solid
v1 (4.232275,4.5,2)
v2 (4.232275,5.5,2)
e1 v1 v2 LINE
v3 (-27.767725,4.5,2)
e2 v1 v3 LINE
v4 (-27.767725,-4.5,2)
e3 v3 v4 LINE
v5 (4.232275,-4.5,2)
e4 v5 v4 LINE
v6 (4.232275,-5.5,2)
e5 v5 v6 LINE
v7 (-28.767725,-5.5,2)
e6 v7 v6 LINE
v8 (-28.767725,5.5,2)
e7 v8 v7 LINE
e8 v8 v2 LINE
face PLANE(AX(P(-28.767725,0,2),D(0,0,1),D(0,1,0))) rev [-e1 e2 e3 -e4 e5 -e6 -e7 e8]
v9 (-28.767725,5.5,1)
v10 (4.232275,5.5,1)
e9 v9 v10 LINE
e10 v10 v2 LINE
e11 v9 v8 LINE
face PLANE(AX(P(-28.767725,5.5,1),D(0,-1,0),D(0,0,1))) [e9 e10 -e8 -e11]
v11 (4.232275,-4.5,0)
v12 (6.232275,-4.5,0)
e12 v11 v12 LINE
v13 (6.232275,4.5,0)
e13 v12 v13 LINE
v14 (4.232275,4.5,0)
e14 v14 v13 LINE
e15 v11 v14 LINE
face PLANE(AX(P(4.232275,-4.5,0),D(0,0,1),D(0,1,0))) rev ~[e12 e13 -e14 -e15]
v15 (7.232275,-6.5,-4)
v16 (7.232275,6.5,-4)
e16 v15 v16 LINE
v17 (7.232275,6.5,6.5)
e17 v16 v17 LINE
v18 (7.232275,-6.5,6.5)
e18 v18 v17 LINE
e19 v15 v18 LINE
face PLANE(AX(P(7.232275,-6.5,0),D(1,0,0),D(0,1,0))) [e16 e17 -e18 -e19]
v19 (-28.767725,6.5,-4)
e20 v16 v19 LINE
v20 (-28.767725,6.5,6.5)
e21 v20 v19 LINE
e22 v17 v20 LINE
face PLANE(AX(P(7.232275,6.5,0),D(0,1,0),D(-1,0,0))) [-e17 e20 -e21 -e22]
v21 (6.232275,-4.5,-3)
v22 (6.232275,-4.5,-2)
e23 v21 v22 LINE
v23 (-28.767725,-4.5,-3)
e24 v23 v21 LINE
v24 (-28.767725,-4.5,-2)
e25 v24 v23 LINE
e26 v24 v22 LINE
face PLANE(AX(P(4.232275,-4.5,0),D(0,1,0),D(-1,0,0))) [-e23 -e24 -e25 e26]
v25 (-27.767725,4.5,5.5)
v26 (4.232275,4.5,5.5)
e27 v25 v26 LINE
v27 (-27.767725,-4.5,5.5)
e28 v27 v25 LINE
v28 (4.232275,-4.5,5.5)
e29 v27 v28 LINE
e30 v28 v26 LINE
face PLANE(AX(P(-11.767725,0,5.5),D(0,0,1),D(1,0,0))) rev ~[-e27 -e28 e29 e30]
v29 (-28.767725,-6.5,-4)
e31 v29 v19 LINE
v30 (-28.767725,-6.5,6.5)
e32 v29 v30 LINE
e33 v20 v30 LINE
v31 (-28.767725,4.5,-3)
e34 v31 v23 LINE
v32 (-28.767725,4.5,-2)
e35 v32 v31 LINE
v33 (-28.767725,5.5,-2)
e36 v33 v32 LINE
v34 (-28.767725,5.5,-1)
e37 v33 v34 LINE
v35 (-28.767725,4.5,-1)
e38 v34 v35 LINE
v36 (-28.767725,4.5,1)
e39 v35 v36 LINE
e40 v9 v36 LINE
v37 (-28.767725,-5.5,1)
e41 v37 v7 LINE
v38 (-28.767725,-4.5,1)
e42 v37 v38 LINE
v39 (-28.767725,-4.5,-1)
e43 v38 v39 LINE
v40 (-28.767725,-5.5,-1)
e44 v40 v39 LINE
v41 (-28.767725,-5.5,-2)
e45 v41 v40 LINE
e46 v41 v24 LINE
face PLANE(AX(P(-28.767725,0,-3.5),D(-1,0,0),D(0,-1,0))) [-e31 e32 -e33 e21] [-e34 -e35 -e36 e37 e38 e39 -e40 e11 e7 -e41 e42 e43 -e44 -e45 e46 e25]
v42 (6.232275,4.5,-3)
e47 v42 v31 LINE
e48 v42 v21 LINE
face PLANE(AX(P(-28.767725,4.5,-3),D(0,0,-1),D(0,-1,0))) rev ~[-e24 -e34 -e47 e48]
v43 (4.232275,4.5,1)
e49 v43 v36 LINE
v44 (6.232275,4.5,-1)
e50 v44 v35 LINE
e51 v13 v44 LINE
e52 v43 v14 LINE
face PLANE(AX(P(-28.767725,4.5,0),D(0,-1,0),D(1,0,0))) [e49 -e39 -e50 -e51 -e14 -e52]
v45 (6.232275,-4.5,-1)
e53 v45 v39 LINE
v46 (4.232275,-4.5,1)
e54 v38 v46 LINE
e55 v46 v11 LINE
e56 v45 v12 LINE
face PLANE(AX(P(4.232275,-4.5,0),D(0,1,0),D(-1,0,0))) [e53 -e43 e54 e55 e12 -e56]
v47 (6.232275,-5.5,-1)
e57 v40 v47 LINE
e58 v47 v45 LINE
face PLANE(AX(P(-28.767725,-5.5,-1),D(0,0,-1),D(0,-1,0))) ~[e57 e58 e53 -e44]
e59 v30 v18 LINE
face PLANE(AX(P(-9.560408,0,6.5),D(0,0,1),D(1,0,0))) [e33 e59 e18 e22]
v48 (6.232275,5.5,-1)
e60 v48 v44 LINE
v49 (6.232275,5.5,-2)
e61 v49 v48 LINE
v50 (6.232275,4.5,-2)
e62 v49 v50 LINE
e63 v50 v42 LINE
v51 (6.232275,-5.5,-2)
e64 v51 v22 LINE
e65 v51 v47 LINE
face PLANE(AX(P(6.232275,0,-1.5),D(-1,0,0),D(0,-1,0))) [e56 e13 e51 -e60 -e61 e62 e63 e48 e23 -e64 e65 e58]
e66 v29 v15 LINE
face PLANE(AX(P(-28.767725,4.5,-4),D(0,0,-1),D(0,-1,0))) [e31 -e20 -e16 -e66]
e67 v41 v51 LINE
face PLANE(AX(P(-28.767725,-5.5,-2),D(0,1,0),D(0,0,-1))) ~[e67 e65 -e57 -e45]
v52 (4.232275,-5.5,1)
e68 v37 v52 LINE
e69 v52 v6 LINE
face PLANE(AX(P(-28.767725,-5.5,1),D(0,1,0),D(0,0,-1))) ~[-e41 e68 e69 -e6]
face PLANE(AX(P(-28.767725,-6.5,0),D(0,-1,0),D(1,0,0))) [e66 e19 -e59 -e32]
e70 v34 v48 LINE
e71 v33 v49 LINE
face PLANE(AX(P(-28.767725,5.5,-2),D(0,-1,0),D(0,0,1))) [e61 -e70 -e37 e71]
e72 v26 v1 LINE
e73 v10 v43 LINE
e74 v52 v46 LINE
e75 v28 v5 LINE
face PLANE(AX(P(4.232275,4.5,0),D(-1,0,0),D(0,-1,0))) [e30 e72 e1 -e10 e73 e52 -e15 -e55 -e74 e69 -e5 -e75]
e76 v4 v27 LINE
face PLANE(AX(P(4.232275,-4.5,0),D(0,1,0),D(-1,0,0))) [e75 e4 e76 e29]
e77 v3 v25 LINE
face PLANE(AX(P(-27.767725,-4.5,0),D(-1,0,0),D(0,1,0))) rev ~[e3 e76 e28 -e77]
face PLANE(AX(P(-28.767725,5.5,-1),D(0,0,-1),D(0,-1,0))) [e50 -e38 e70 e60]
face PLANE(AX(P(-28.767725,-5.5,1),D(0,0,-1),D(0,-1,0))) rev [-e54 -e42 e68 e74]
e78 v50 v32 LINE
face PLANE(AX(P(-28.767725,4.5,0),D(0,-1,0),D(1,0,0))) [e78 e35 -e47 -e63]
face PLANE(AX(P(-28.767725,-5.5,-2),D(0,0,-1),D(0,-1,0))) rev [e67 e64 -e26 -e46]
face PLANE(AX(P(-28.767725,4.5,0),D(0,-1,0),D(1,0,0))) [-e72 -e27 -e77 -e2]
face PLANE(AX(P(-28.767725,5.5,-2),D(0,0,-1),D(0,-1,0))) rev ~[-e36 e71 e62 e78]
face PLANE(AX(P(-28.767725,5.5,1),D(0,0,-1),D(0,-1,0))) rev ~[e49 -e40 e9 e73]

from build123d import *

# Parameters (mm, degrees)
F0_W      = 32
F0_H      = 9
F0_W_2    = 1
F1_DEPTH  = 6.5
F2_DEPTH  = 5.5
F3_DEPTH  = 4
F4_W      = 1
F4_H      = 1
F5_DEPTH  = 35
F6_DEPTH  = 33
F9_DEPTH  = 2
F4_W_2    = 9
F10_DEPTH = 33


with BuildPart() as f1:
    # F0 (on Top) → F1 (new body)
    with BuildSketch(Plane.XY):
        Polygon((4.2322745472, -4.5), (-27.7677254528, -4.5), (-28.7677254528, -4.5), (-28.7677254528, -6.5), (7.2322745472, -6.5), (7.2322745472, 6.5), (-28.7677254528, 6.5), (-28.7677254528, 4.5), (-27.7677254528, 4.5), (4.2322745472, 4.5), align=None)
        with Locations((-11.7677254528, 0)):
            Rectangle(F0_W, F0_H)
        with Locations((-28.2677254528, 0)):
            Rectangle(F0_W_2, F0_H)
    extrude(amount=F1_DEPTH)

    # F0 (on Top) → F2 (cut)
    with BuildSketch(Plane.XY):
        with Locations((-11.7677254528, 0)):
            Rectangle(F0_W, F0_H)
    extrude(amount=F2_DEPTH, mode=Mode.SUBTRACT)

    # F0 (on Top) → F3 (join)
    with BuildSketch(Plane.XY):
        Polygon((4.2322745472, -4.5), (-27.7677254528, -4.5), (-28.7677254528, -4.5), (-28.7677254528, -6.5), (7.2322745472, -6.5), (7.2322745472, 6.5), (-28.7677254528, 6.5), (-28.7677254528, 4.5), (-27.7677254528, 4.5), (4.2322745472, 4.5), align=None)
    extrude(amount=-F3_DEPTH)

    # F4 (on face) → F5 (cut)
    with BuildSketch(Plane(origin=(-28.7677254528, 0, 0), x_dir=(0, -1, 0), z_dir=(-1, 0, 0))):
        with Locations((-5, -1.5)):
            Rectangle(F4_W, F4_H)
    extrude(amount=-F5_DEPTH, mode=Mode.SUBTRACT)

    # F4 (on face) → F6 (cut)
    with BuildSketch(Plane(origin=(-28.7677254528, 0, 0), x_dir=(0, -1, 0), z_dir=(-1, 0, 0))):
        with Locations((-5, 1.5)):
            Rectangle(F4_W, F4_H)
        Polygon((-4.5, 1), (-4.5, 0), (0, 0), (0, 2), (-4.5, 2), align=None)
    extrude(amount=-F6_DEPTH, mode=Mode.SUBTRACT)

    # F7: F1 across plane


with BuildPart() as f1_1:
    add(f1.part)
    add(f1.part.mirror(Plane.XZ), mode=Mode.INTERSECT)

    # F8 (on face) → F9 (cut)
    with BuildSketch(Plane(origin=(4.2322745472, 0, 0), x_dir=(0, -1, 0), z_dir=(-1, 0, 0))):
        Polygon((4.5, 0), (-4.5, 0), (-4.5, -1), (-4.5, -2), (-4.5, -3), (4.5, -3), (4.5, -2), (4.5, -1), align=None)
    extrude(amount=-F9_DEPTH, mode=Mode.SUBTRACT)

    # F4 (on face) → F10 (join, through all)
    with BuildSketch(Plane(origin=(-28.7677254528, 0, 0), x_dir=(0, -1, 0), z_dir=(-1, 0, 0))):
        with Locations((0, -3.5)):
            Rectangle(F4_W_2, F4_H)
    extrude(amount=-F10_DEPTH)


solid = f1_1.part
